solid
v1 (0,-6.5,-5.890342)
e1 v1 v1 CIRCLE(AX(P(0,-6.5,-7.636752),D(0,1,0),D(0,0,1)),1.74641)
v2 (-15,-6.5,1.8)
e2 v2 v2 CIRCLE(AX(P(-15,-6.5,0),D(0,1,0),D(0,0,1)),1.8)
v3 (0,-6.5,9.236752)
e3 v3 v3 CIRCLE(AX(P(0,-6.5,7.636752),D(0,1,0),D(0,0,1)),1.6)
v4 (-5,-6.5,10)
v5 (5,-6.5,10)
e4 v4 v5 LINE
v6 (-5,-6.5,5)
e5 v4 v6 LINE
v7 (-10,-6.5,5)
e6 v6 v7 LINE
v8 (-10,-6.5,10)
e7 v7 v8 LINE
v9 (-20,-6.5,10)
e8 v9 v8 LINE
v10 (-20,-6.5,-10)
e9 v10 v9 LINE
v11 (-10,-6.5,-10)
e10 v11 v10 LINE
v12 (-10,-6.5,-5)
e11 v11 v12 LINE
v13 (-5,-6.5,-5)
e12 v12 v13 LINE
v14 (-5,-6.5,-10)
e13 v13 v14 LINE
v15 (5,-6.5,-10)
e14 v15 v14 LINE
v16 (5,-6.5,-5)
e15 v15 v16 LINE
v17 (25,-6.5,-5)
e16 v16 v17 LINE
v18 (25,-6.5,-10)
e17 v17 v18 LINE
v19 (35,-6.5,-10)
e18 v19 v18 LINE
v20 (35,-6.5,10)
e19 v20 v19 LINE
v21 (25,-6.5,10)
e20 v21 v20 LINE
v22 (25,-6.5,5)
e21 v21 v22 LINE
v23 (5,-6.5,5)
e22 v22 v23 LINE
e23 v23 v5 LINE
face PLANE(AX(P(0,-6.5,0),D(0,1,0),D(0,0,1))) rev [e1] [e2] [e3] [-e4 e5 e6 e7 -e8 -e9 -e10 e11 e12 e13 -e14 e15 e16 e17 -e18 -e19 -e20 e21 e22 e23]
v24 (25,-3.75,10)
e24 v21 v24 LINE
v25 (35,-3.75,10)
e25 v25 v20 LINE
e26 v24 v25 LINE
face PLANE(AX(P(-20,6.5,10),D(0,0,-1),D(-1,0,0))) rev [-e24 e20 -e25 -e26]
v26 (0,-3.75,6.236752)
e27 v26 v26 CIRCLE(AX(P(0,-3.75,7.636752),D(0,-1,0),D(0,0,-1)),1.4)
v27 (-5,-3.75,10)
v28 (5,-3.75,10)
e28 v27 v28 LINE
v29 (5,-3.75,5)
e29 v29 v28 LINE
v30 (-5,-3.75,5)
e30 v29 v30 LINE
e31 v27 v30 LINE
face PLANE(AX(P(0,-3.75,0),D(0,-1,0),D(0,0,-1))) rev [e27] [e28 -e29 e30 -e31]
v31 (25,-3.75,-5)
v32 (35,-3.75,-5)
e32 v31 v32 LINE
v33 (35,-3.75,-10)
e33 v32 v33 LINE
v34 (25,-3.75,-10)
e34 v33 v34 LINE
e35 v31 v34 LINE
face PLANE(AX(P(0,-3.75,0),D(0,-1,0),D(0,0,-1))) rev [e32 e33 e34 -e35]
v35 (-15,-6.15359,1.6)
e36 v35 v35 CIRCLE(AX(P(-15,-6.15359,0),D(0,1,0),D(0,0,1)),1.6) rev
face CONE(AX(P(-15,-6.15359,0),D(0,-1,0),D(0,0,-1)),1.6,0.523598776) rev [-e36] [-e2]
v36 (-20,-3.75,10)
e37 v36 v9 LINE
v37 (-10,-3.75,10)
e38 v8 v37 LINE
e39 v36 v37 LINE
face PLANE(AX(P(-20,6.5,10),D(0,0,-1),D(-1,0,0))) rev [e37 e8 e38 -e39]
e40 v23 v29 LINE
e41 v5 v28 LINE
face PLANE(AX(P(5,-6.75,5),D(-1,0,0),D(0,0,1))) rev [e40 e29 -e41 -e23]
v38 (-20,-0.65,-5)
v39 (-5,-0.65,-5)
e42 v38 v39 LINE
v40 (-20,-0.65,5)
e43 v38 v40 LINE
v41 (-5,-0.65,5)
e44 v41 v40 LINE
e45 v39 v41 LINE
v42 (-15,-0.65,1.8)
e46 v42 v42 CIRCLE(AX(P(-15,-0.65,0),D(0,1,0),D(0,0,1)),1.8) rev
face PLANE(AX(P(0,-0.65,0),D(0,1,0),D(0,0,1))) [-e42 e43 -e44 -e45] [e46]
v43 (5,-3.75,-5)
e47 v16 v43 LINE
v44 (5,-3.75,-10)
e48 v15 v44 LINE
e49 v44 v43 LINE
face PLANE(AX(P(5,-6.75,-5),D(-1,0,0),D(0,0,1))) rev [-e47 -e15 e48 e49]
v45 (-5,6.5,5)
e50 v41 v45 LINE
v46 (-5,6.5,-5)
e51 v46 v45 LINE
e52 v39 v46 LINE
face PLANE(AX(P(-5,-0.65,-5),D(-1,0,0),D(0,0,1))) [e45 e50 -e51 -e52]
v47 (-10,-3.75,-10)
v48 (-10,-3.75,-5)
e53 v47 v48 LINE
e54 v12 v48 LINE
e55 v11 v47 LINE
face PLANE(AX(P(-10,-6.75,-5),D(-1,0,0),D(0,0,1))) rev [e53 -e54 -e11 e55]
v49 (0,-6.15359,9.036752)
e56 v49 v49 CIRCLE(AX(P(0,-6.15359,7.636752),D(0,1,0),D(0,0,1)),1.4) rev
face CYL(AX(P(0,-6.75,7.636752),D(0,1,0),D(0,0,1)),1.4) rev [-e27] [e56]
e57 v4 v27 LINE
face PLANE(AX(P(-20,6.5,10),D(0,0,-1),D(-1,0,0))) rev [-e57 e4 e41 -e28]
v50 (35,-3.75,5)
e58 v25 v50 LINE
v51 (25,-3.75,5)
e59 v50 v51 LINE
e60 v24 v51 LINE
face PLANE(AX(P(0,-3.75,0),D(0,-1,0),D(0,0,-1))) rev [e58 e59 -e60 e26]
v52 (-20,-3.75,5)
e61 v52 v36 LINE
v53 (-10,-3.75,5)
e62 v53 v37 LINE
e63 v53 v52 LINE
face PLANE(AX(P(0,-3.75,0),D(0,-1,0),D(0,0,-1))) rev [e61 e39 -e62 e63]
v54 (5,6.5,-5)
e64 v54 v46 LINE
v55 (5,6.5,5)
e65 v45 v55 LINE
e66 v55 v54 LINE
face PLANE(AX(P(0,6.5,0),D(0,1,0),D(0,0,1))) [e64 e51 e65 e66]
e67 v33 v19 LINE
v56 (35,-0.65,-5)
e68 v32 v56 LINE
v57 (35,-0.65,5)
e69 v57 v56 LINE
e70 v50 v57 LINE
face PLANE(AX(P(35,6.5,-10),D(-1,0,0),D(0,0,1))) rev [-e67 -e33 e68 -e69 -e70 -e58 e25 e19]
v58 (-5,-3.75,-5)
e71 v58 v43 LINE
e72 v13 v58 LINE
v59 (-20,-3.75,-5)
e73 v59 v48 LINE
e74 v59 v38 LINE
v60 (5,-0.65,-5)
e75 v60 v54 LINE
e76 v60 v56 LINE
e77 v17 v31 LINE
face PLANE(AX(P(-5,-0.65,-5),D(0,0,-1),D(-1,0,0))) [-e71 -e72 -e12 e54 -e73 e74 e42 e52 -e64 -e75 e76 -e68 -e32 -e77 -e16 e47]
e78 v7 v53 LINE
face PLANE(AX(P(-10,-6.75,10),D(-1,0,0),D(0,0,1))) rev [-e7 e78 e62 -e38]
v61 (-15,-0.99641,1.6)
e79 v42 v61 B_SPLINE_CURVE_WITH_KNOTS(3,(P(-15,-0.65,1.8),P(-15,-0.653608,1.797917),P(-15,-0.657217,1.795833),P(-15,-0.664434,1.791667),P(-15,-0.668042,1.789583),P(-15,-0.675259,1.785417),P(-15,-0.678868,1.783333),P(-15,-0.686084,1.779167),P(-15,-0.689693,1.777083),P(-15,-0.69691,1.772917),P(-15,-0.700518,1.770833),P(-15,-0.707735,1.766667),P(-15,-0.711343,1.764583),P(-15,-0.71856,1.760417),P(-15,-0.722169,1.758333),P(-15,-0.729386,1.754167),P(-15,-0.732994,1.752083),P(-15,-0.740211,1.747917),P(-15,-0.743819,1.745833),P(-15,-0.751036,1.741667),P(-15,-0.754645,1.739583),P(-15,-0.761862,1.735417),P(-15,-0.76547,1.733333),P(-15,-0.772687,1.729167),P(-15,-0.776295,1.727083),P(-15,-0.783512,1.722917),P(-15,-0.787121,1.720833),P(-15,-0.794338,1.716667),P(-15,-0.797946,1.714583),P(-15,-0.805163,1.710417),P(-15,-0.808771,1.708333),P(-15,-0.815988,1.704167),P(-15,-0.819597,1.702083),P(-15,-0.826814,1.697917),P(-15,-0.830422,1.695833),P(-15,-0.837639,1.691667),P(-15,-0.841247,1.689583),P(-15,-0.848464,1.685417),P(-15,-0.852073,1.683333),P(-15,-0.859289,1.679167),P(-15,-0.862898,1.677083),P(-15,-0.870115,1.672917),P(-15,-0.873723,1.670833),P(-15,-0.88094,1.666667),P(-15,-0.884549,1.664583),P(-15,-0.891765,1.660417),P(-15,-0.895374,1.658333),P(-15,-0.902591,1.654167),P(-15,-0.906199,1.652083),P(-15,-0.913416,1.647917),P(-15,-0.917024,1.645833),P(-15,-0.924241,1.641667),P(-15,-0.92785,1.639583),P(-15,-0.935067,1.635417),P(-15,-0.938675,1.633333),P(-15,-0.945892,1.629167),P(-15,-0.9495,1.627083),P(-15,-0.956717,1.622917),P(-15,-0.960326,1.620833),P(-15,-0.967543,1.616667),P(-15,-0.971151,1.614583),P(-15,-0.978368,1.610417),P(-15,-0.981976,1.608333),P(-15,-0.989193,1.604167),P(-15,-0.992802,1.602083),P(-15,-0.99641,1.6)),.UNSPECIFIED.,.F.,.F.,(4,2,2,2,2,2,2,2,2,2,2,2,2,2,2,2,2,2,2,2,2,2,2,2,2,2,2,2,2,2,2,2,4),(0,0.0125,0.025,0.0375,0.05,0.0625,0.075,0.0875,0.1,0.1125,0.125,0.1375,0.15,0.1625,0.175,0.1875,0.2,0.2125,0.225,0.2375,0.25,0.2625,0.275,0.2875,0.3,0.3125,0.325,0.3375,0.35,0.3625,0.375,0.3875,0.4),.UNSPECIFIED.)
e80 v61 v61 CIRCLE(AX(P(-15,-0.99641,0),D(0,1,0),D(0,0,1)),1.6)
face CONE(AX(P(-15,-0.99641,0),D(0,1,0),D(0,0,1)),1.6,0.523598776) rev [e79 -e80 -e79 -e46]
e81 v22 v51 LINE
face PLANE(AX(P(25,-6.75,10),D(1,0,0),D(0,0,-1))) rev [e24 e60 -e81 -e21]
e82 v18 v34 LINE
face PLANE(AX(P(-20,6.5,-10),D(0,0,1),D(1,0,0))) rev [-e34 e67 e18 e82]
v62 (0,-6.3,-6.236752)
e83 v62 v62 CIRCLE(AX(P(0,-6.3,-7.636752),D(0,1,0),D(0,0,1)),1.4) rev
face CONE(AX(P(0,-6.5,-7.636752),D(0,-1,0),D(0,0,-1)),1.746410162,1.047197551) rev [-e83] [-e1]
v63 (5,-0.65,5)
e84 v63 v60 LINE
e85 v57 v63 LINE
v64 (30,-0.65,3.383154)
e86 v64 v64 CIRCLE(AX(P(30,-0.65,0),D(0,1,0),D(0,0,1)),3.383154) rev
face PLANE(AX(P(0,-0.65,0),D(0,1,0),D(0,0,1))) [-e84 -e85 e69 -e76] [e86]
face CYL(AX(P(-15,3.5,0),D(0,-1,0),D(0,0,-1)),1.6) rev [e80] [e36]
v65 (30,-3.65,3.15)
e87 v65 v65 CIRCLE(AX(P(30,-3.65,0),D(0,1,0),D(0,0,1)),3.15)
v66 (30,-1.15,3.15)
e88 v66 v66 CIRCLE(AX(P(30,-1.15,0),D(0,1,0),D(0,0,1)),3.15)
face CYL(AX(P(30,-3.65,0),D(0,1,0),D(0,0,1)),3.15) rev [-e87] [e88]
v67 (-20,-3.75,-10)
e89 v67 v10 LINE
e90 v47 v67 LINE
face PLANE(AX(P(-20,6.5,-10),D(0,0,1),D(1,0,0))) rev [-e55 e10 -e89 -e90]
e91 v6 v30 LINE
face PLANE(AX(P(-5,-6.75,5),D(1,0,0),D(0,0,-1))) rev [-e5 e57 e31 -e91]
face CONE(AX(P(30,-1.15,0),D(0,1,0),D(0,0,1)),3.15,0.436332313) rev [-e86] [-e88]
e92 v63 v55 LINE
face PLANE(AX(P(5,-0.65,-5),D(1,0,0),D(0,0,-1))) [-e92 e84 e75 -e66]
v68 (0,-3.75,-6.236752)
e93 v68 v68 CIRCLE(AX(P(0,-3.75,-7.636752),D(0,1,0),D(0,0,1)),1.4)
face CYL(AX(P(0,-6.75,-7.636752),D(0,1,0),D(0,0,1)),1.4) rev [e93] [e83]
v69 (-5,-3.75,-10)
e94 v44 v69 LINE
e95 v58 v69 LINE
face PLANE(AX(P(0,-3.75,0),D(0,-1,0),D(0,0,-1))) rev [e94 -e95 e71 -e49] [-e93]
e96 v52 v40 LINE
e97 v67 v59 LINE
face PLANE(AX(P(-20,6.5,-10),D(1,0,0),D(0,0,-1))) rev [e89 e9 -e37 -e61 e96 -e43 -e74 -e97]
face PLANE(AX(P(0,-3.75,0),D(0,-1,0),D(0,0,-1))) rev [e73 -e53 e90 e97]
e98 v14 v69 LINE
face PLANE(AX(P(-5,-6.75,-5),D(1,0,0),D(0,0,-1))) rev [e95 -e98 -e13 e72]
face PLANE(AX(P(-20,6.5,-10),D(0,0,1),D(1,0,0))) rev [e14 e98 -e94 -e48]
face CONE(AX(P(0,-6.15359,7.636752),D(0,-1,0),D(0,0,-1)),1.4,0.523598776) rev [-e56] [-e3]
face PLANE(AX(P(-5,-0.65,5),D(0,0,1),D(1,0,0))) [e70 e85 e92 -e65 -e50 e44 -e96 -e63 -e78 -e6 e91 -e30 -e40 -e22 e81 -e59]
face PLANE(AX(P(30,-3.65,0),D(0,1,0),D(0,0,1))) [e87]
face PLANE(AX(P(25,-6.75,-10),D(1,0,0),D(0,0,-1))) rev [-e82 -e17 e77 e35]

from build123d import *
from OCP.BRepFilletAPI import BRepFilletAPI_MakeChamfer

# Parameters (mm, degrees)
SKETCH1_W           = 55
SKETCH1_H           = 20
BOSS_EXTRUDE1_DEPTH = 6.5
SKETCH2_W           = 10
SKETCH2_H           = 10
CUT_EXTRUDE3_DEPTH  = 7.15
SKETCH6_W           = 55
SKETCH6_H           = 5
CUT_EXTRUDE4_DEPTH  = 3.1
SKETCH7_R           = 1.6
CUT_EXTRUDE5_DEPTH  = 10
SKETCH9_W           = 5
SKETCH9_H           = 5
SKETCH9_W_2         = 20
CUT_EXTRUDE6_DEPTH  = 3
SKETCH10_R          = 1.4
CUT_EXTRUDE7_DEPTH  = 3
CHAMFER1_SIZE       = 0.2
CHAMFER1_SIZE2      = 0.346410162
SKETCH12_R          = 3.15
CUT_EXTRUDE8_DEPTH  = 3
CHAMFER2_SIZE       = 0.5
CHAMFER2_SIZE2      = 0.233153829


with BuildPart() as part:
    # Sketch1 → Boss-Extrude1 (new, symmetric)
    with BuildSketch(Plane(origin=(0, 0, 0), x_dir=(1, 0, 0), z_dir=(0, 1, 0))):
        with Locations((7.5, 0)):
            Rectangle(SKETCH1_W, SKETCH1_H)
    extrude(amount=BOSS_EXTRUDE1_DEPTH, both=True)

    # Sketch2 → Cut-Extrude3 (cut)
    with BuildSketch(Plane(origin=(0, 6.5, 0), x_dir=(1, 0, 0), z_dir=(0, 1, 0))):
        Polygon((-5, -10), (-20, -10), (-20, 10), (-5, 10), (5, 10), (35, 10), (35, -10), (5, -10), align=None)
        Rectangle(SKETCH2_W, SKETCH2_H, mode=Mode.SUBTRACT)
    extrude(amount=-CUT_EXTRUDE3_DEPTH, mode=Mode.SUBTRACT)

    # Sketch6 → Cut-Extrude4 (cut)
    with BuildSketch(Plane(origin=(0, -0.65, 0), x_dir=(1, 0, 0), z_dir=(0, 1, 0))):
        with Locations((7.5, -7.5)):
            Rectangle(SKETCH6_W, SKETCH6_H)
        Polygon((-5, 5), (-20, 5), (-20, 10), (35, 10), (35, 5), align=None)
    extrude(amount=-CUT_EXTRUDE4_DEPTH, mode=Mode.SUBTRACT)

    # Sketch7 → Cut-Extrude5 (cut)
    with BuildSketch(Plane.XZ.offset(6.5)):
        with Locations(Location((-15, 0, 0), (0, 0, 270))):
            Circle(SKETCH7_R)
    extrude(amount=-CUT_EXTRUDE5_DEPTH, mode=Mode.SUBTRACT)

    # Sketch9 → Cut-Extrude6 (cut)
    with BuildSketch(Plane(origin=(0, -3.75, 0), x_dir=(1, 0, 0), z_dir=(0, 1, 0))):
        with Locations((-7.5, 7.5)):
            Rectangle(SKETCH9_W, SKETCH9_H)
        with Locations((-7.5, -7.5)):
            Rectangle(SKETCH9_W, SKETCH9_H)
        with Locations((15, 7.5)):
            Rectangle(SKETCH9_W_2, SKETCH9_H)
        with Locations((15, -7.5)):
            Rectangle(SKETCH9_W_2, SKETCH9_H)
    extrude(amount=-CUT_EXTRUDE6_DEPTH, mode=Mode.SUBTRACT)

    # Sketch10 → Cut-Extrude7 (cut)
    with BuildSketch(Plane(origin=(0, -3.75, 0), x_dir=(1, 0, 0), z_dir=(0, 1, 0))):
        with Locations(Location((0, 7.636752006, 0), (0, 0, 270))):
            Circle(SKETCH10_R)
        with Locations(Location((0, -7.636752006, 0), (0, 0, 270))):
            Circle(SKETCH10_R)
    extrude(amount=-CUT_EXTRUDE7_DEPTH, mode=Mode.SUBTRACT)

    # Chamfer1: one chamfer whose edges measure the first distance from different faces: ONE call of the kernel's chamfer builder (chamfer() names one face for all edges)
    chamfer1_edges_1 = [part.edges().sort_by_distance(p)[0] for p in [
        (0, -6.5, 6.236752006),
        (-15, -6.5, 1.6),
    ]]
    chamfer1_side_1 = [part.faces().sort_by_distance(p)[0] for p in [
        (6.925437522, -6.5, 0),
    ]]
    chamfer1_edges_2 = [part.edges().sort_by_distance(p)[0] for p in [
        (0, -6.5, -9.036752006),
    ]]
    chamfer1_side_2 = [part.faces().sort_by_distance(p)[0] for p in [
        (0, -5.125, -9.036752006),
    ]]
    chamfer1_edges_3 = [part.edges().sort_by_distance(p)[0] for p in [
        (-15, -0.65, 1.6),
    ]]
    chamfer1_side_3 = [part.faces().sort_by_distance(p)[0] for p in [
        (-12.358364724, -0.65, 0),
    ]]
    chamfer1 = BRepFilletAPI_MakeChamfer(part.part.solid().wrapped)
    for e in chamfer1_edges_1:
        chamfer1.Add(CHAMFER1_SIZE, CHAMFER1_SIZE2, e.wrapped, chamfer1_side_1[0].wrapped)  # the first distance lies on this face
    for e in chamfer1_edges_2:
        chamfer1.Add(CHAMFER1_SIZE, CHAMFER1_SIZE2, e.wrapped, chamfer1_side_2[0].wrapped)  # the first distance lies on this face
    for e in chamfer1_edges_3:
        chamfer1.Add(CHAMFER1_SIZE, CHAMFER1_SIZE2, e.wrapped, chamfer1_side_3[0].wrapped)  # the first distance lies on this face
    add(Compound.cast(chamfer1.Shape()), mode=Mode.REPLACE)

    # Sketch12 → Cut-Extrude8 (cut)
    with BuildSketch(Plane(origin=(0, -0.65, 0), x_dir=(1, 0, 0), z_dir=(0, 1, 0))):
        with Locations(Location((30, 0, 0), (0, 0, 270))):
            Circle(SKETCH12_R)
    extrude(amount=-CUT_EXTRUDE8_DEPTH, mode=Mode.SUBTRACT)

    # Chamfer2
    chamfer2_edges = [part.edges().sort_by_distance(p)[0] for p in [
        (30, -0.65, -3.15),
    ]]
    chamfer2_side = [part.faces().sort_by_distance(p)[0] for p in [
        (30, -2.15, -3.15),
    ]]
    chamfer(chamfer2_edges, length=CHAMFER2_SIZE, length2=CHAMFER2_SIZE2, reference=chamfer2_side[0])


solid = part.part
